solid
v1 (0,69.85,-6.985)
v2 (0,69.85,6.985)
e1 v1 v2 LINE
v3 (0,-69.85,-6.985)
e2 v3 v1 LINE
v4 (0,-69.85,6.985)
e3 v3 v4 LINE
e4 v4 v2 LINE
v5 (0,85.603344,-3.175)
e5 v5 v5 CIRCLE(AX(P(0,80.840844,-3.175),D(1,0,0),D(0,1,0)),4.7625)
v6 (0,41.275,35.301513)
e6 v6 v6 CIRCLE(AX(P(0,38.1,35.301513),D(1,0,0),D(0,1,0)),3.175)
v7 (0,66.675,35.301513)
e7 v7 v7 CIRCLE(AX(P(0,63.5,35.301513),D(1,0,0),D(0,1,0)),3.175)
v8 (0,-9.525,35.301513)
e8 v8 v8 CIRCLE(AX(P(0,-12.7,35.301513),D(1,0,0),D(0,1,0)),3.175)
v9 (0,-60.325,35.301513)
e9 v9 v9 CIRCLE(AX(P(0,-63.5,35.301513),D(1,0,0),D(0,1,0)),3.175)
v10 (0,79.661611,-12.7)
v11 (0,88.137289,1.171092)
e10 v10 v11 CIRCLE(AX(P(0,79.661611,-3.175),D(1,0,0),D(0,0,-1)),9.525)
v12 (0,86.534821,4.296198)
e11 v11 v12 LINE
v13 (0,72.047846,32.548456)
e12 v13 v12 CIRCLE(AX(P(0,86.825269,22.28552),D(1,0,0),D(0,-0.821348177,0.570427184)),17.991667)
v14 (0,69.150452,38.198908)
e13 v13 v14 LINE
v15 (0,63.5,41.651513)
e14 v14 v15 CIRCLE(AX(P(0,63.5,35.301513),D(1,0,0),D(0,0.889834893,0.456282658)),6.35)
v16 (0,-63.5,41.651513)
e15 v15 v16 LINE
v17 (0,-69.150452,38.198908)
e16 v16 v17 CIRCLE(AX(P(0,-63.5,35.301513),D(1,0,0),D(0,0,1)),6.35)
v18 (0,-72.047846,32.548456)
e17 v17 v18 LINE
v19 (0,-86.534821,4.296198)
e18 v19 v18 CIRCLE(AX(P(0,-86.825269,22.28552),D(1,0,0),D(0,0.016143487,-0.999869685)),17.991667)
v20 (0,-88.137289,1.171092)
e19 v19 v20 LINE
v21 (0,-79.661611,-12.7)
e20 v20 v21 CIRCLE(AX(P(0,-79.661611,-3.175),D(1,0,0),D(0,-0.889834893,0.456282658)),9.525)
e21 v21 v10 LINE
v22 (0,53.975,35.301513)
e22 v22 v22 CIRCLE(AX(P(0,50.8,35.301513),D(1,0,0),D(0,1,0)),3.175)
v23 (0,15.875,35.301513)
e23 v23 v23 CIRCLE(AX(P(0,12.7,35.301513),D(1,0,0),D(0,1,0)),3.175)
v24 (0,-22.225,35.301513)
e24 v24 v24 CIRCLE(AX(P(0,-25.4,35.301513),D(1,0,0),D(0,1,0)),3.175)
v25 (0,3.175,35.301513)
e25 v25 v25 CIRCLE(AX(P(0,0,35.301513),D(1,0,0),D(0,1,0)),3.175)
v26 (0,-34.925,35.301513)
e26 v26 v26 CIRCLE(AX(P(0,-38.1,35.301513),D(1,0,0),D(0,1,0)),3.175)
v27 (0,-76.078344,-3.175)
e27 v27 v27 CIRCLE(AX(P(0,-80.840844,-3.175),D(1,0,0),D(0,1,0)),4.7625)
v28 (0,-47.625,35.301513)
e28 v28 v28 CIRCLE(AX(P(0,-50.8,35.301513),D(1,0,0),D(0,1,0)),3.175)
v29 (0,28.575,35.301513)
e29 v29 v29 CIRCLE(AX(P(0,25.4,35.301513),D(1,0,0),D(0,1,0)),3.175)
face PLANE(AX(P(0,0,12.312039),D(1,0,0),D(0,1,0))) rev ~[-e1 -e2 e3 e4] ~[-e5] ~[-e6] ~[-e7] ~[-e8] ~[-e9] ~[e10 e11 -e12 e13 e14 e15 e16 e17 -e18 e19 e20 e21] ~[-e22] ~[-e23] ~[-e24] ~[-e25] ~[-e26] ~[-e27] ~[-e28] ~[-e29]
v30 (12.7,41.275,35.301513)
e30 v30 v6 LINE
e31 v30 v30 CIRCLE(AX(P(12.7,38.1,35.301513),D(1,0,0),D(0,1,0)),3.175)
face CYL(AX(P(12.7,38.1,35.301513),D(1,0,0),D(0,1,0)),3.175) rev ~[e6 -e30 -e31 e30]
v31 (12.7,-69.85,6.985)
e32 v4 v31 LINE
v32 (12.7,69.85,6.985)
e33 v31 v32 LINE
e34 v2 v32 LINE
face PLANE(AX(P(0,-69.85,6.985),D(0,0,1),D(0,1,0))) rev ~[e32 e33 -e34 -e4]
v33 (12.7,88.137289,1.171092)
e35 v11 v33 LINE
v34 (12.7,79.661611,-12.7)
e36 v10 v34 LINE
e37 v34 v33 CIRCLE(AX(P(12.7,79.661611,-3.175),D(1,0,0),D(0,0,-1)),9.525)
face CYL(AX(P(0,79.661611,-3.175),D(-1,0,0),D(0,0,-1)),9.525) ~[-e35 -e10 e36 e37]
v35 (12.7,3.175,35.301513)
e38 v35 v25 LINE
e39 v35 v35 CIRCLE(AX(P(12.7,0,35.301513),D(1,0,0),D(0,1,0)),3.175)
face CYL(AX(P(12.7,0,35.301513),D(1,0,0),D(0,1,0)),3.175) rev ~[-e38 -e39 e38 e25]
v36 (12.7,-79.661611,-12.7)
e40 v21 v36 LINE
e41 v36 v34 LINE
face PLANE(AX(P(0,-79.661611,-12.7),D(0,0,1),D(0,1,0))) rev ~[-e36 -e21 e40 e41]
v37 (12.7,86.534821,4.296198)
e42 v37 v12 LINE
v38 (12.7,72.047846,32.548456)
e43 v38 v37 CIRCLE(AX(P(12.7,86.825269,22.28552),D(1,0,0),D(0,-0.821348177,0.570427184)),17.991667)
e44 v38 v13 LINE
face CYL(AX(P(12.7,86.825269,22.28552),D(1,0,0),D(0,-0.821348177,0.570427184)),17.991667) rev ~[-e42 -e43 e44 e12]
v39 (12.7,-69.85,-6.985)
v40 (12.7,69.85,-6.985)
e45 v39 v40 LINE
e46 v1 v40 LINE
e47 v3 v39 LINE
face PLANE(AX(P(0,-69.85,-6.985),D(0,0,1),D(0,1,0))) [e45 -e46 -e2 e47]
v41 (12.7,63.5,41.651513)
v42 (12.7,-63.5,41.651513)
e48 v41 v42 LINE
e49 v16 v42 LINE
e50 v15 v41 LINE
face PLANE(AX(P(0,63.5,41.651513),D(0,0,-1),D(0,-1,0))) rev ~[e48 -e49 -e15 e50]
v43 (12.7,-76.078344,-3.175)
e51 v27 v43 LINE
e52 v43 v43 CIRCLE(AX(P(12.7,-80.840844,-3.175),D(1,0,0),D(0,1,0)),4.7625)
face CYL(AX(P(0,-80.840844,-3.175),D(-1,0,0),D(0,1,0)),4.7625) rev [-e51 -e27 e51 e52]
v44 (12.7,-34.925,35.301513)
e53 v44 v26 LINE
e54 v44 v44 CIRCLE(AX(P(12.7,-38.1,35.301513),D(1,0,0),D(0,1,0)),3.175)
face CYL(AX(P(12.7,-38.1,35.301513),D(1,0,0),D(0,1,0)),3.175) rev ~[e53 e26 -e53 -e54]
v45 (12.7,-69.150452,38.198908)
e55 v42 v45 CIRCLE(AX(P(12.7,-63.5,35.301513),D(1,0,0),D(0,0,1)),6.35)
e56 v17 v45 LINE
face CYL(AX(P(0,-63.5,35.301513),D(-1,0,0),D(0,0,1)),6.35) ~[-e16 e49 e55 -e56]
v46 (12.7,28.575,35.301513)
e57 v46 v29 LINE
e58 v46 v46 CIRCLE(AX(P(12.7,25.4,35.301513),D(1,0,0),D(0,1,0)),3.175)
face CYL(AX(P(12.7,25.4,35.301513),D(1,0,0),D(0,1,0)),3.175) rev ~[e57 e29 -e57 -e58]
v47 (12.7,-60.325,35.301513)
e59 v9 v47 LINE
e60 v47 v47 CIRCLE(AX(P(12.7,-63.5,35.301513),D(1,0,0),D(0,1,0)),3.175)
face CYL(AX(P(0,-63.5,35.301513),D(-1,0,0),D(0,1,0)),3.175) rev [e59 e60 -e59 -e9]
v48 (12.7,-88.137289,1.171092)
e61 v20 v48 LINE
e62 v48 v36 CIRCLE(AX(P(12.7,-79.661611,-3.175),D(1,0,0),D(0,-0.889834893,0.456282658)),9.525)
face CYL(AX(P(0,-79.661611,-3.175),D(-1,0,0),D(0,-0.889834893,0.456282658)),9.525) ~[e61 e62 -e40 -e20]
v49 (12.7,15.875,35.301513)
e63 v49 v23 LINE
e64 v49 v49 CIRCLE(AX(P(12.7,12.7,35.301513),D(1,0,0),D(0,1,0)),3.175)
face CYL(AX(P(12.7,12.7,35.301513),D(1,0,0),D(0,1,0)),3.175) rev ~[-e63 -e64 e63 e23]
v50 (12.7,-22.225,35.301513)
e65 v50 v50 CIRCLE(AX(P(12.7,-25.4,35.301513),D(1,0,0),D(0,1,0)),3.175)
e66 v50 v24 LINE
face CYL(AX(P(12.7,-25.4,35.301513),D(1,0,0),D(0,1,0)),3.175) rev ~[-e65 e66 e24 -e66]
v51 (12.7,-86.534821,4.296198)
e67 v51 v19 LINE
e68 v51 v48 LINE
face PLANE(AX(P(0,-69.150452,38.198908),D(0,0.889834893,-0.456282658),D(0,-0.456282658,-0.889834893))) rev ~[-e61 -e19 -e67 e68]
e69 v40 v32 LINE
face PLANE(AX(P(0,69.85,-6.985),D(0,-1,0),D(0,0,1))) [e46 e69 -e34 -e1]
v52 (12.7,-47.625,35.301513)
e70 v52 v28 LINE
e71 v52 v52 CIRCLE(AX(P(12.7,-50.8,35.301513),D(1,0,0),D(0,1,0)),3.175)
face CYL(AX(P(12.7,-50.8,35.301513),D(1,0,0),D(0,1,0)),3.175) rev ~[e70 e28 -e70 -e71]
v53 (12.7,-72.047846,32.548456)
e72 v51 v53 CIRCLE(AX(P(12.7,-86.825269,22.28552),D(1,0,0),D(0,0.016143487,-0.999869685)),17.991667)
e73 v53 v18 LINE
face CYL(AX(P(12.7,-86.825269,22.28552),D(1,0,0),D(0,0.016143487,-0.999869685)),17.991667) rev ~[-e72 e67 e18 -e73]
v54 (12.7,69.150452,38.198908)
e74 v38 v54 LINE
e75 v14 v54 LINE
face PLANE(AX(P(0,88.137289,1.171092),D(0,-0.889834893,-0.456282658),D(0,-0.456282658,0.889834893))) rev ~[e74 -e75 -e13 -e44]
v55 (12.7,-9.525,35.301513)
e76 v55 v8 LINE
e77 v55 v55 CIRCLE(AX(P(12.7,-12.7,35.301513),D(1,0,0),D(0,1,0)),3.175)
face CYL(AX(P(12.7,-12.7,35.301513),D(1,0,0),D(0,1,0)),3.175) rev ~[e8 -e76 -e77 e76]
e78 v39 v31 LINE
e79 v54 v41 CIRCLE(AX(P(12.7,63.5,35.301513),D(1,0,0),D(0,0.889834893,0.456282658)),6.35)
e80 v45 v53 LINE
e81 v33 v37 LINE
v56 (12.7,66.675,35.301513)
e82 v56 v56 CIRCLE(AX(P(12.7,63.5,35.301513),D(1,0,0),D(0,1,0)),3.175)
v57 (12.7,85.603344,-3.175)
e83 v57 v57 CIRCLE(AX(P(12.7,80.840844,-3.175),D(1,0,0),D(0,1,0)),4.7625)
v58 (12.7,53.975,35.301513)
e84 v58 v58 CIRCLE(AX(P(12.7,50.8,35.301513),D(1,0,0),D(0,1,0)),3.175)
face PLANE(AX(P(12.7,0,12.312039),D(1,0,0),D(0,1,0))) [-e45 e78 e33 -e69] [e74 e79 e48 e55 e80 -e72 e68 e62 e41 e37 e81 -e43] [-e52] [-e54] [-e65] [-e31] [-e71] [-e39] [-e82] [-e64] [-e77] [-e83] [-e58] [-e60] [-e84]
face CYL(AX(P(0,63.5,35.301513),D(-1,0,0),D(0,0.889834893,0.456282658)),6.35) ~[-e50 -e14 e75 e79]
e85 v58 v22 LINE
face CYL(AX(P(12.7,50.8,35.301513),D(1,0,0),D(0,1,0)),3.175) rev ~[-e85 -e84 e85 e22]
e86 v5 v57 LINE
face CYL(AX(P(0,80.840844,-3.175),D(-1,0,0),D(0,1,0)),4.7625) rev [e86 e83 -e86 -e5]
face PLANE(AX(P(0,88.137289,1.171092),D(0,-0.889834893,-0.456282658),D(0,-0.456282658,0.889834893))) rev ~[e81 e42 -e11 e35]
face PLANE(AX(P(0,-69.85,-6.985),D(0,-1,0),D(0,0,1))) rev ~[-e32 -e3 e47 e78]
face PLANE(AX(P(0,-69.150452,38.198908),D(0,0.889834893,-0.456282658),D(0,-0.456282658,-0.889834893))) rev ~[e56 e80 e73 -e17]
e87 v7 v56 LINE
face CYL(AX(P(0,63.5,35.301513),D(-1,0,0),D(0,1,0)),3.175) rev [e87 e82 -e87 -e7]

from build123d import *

# Parameters (mm, degrees)
F0_R     = 4.7625
F0_W     = 139.7
F0_H     = 13.97
F0_R_2   = 3.175
F1_DEPTH = 12.7
F3_DEPTH = 25.4
F4_R     = 3.175
F5_DEPTH = 25.4


with BuildPart() as f1:
    # F0 (on Right) → F1 (new body)
    with BuildSketch(Plane.YZ):
        with BuildLine():
            Line((-79.661611154, -12.7), (79.661611154, -12.7))
            ThreePointArc((79.661611154, -12.7), (87.7894077283, -8.1413414953), (88.1372885066, 1.1710923155))
            Line((88.1372885066, 1.1710923155), (69.1504515684, 38.1989076845))
            ThreePointArc((69.1504515684, 38.1989076845), (66.8108943302, 40.720043857), (63.5, 41.6515128075))
            Line((63.5, 41.6515128075), (-63.5, 41.6515128075))
            ThreePointArc((-63.5, 41.6515128075), (-66.8108943302, 40.720043857), (-69.1504515684, 38.1989076845))
            Line((-69.1504515684, 38.1989076845), (-88.1372885066, 1.1710923155))
            ThreePointArc((-88.1372885066, 1.1710923155), (-87.7894077283, -8.1413414953), (-79.661611154, -12.7))
        make_face()
        with Locations((-80.8408441287, -3.175)):
            Circle(F0_R, mode=Mode.SUBTRACT)
        Rectangle(F0_W, F0_H, mode=Mode.SUBTRACT)
        with Locations((80.8408441287, -3.175)):
            Circle(F0_R, mode=Mode.SUBTRACT)
        with Locations((-63.5, 35.3015128075)):
            Circle(F0_R_2, mode=Mode.SUBTRACT)
        with Locations((63.5, 35.3015128075)):
            Circle(F0_R_2, mode=Mode.SUBTRACT)
    extrude(amount=F1_DEPTH)

    # F2 (on face) → F3 (cut)
    with BuildSketch(Plane.YZ.offset(12.7)):
        with BuildLine():
            Line((-72.0478464454, 32.5484561161), (-86.5348208304, 4.2961982741))
            ThreePointArc((-86.5348208304, 4.2961982741), (-70.8156562853, 14.0762348796), (-72.0478464454, 32.5484561161))
        make_face()
        with BuildLine():
            ThreePointArc((72.0478464454, 32.5484561161), (70.8156562853, 14.0762348796), (86.5348208304, 4.2961982741))
            Line((86.5348208304, 4.2961982741), (72.0478464454, 32.5484561161))
        make_face()
    extrude(amount=-F3_DEPTH, mode=Mode.SUBTRACT)

    # F4 (on face) → F5 (cut)
    with BuildSketch(Plane.YZ.offset(12.7)):
        with Locations((-50.8, 35.3015128075)):
            Circle(F4_R)
        with Locations((-38.1, 35.3015128075)):
            Circle(F4_R)
        with Locations((-25.4, 35.3015128075)):
            Circle(F4_R)
        with Locations((-12.7, 35.3015128075)):
            Circle(F4_R)
        with Locations((0, 35.3015128075)):
            Circle(F4_R)
        with Locations((12.7, 35.3015128075)):
            Circle(F4_R)
        with Locations((25.4, 35.3015128075)):
            Circle(F4_R)
        with Locations((38.1, 35.3015128075)):
            Circle(F4_R)
        with Locations((50.8, 35.3015128075)):
            Circle(F4_R)
        with Locations((63.5, 35.3015128075)):
            Circle(F4_R)
    extrude(amount=-F5_DEPTH, mode=Mode.SUBTRACT)


solid = f1.part
